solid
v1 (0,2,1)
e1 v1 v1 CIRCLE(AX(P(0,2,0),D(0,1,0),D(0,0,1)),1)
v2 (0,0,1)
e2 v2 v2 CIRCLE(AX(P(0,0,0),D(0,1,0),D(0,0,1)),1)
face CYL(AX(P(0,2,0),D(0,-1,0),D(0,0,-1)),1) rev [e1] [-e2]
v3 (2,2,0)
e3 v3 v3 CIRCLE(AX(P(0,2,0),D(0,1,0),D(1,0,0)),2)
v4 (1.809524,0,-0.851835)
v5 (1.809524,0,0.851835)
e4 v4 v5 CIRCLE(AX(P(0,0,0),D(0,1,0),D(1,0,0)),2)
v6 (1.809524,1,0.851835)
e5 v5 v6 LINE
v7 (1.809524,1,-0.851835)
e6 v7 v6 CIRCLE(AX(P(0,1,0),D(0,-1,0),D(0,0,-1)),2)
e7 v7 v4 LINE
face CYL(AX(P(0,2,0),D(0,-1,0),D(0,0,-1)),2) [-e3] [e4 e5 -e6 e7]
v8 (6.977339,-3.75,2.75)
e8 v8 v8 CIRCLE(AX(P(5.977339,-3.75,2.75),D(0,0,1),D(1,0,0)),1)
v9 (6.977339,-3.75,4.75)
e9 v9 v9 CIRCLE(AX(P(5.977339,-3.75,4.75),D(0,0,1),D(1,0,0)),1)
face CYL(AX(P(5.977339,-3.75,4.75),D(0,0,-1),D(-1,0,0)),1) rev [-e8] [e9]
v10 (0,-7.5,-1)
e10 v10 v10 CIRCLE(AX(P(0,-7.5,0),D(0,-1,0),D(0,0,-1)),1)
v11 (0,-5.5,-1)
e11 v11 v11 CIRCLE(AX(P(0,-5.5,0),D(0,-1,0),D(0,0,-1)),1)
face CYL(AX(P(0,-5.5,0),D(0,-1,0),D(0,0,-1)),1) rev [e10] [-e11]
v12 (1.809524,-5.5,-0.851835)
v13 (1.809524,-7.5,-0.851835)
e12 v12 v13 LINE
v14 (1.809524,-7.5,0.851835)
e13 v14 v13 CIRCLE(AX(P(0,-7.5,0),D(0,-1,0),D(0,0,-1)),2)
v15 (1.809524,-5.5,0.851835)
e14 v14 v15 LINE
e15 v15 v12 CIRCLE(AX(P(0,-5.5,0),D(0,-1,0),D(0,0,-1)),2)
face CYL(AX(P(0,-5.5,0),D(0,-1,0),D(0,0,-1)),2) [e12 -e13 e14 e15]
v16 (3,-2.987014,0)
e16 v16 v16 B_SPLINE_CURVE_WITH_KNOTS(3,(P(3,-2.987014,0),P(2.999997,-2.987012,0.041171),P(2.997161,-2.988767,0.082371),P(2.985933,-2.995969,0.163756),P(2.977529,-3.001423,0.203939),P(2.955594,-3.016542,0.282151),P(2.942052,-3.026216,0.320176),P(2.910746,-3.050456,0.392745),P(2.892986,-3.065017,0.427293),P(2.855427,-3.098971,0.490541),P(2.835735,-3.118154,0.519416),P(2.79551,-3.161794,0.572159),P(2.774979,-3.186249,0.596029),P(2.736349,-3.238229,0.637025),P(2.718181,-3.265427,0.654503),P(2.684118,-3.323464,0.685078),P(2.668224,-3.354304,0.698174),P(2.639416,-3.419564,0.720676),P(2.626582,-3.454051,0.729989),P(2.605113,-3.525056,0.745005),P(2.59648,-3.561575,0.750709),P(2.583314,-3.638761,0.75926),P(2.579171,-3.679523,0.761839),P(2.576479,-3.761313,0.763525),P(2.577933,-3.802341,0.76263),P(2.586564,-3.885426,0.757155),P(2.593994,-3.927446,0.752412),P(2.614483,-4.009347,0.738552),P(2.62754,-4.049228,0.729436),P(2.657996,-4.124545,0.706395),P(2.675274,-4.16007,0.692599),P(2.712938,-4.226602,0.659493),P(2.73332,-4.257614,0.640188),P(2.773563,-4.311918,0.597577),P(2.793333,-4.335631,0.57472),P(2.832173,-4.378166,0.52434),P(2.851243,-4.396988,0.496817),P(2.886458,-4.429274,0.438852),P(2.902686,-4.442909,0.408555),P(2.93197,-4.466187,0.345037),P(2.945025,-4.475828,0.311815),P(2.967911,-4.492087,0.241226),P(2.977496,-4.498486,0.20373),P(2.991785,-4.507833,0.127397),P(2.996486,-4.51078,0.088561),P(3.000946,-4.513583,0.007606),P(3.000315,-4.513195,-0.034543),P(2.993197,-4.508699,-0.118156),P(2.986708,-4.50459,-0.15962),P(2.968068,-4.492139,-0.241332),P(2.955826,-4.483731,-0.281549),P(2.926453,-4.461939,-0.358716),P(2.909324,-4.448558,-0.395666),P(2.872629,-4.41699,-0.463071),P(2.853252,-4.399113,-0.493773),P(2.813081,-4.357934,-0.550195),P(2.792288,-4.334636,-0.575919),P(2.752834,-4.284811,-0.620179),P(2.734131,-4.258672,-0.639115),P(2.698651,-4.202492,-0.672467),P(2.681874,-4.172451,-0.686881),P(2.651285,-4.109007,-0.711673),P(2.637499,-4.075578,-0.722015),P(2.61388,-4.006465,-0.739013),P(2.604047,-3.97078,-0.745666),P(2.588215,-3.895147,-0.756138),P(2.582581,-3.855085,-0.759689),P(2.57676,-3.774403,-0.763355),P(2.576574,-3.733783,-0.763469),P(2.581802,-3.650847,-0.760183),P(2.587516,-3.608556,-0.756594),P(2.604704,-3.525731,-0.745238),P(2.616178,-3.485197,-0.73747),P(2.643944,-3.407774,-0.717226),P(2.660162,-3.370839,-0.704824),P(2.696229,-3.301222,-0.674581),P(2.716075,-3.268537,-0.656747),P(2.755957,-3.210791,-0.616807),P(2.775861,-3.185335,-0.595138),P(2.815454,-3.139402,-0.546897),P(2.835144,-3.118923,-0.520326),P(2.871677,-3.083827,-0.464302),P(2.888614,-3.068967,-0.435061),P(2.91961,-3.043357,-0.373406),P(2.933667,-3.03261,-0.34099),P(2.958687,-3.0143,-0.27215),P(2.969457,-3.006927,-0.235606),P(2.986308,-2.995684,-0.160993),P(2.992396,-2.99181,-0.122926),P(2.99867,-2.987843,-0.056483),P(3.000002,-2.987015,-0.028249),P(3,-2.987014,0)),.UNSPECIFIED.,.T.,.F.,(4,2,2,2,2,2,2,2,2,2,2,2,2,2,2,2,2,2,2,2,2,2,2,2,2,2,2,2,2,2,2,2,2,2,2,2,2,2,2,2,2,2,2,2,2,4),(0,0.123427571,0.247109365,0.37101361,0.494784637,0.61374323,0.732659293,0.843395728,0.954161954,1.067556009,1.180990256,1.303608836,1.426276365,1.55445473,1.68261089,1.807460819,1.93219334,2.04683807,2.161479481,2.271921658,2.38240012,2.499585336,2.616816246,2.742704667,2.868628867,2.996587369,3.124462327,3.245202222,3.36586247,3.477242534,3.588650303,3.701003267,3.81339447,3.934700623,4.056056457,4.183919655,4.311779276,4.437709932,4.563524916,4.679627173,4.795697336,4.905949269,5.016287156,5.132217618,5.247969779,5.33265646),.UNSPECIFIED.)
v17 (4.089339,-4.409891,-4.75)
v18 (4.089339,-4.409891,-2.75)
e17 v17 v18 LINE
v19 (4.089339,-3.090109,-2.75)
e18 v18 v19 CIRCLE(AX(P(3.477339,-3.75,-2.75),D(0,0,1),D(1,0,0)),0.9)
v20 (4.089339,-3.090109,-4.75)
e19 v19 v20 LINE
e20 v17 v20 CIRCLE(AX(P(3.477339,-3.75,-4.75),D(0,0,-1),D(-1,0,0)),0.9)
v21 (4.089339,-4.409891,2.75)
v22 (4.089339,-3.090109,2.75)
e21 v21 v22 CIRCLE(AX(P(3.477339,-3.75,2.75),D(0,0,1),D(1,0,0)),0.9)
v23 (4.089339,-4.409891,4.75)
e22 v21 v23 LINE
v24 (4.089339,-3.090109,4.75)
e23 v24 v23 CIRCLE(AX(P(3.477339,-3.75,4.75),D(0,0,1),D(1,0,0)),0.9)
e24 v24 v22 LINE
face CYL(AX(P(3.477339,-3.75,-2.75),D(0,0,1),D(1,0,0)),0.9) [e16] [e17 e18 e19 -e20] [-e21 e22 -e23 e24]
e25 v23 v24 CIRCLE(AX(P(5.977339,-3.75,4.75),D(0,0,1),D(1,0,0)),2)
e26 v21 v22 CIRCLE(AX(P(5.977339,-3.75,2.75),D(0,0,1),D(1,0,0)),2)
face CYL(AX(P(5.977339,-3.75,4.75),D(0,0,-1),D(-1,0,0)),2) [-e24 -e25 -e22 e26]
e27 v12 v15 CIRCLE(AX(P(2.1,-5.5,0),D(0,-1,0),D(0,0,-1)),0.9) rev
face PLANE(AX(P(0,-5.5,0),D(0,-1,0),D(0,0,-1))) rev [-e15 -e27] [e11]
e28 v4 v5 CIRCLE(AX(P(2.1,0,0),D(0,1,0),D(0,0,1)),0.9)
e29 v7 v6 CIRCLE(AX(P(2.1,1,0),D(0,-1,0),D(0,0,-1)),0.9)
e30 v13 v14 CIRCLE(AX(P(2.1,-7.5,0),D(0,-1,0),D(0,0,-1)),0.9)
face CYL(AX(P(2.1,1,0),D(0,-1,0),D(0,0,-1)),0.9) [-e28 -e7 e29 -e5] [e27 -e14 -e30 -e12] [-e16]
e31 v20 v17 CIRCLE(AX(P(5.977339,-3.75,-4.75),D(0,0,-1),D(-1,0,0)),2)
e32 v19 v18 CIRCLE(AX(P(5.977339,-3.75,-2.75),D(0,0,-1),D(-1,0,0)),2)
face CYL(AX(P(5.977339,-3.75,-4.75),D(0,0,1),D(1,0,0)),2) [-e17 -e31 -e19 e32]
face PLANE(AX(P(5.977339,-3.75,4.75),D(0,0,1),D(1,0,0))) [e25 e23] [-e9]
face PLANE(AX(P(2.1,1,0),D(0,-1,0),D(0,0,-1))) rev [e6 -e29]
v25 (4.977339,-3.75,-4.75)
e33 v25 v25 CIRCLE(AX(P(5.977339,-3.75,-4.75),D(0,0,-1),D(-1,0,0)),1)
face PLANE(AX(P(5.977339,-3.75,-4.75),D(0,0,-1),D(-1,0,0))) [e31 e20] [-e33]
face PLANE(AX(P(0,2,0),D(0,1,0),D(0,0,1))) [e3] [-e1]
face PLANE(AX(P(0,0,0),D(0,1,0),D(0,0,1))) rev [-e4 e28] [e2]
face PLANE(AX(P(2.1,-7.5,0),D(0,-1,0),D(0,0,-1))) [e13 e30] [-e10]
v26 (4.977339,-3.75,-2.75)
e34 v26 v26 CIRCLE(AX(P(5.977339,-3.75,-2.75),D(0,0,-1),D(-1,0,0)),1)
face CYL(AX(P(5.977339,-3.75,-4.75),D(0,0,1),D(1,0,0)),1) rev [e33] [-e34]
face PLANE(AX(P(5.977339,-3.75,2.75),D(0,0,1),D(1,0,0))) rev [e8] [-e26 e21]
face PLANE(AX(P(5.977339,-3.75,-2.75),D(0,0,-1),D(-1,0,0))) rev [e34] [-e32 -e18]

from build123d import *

# Parameters (mm, degrees)
SKETCH_1_R             = 2
SKETCH_1_R_2           = 1
EXTRUDE_1_DEPTH        = 2
EXTRUDE_1_2_DEPTH      = 7.5
EXTRUDE_1_2_DEPTH_BACK = 1
SKETCH_2_R             = 0.9
SKETCH_3_R             = 2
SKETCH_3_R_2           = 1
EXTRUDE_2_DEPTH        = 2
SKETCH_7_R             = 0.5
EXTRUDE_4_DEPTH        = 2
EXTRUDE_7_DEPTH        = 2.75
EXTRUDE_7_DEPTH_BACK   = 2.75
SKETCH_11_R            = 0.9
SKETCH_12_R            = 2
SKETCH_12_R_2          = 1
EXTRUDE_5_DEPTH        = 2
EXTRUDE_START          = 2
SKETCH_13_R            = 2
SKETCH_13_R_2          = 1
EXTRUDE_6_DEPTH        = 2
SKETCH_15_R            = 0.9
EXTRUDE_8_DEPTH        = 2
SKETCH_16_R            = 0.9
EXTRUDE_9_DEPTH        = 2


with BuildPart() as part:
    # 草图1 → Extrude 1 (new body)
    with BuildSketch(Plane(origin=(0, 0, 0), x_dir=(1, 0, 0), z_dir=(0, 1, 0))):
        Circle(SKETCH_1_R)
        Circle(SKETCH_1_R_2, mode=Mode.SUBTRACT)
    extrude(amount=EXTRUDE_1_DEPTH)

    # 草图2 → Extrude 1 2 (add, two sides: drawn at the far end of the back side and taken through both)
    with BuildSketch(Plane.XZ.offset(-EXTRUDE_1_2_DEPTH_BACK)):
        with Locations((2.1, 0)):
            Circle(SKETCH_2_R)
    extrude(amount=EXTRUDE_1_2_DEPTH + EXTRUDE_1_2_DEPTH_BACK)

    # 草图3 → 凸台-拉伸2 (add)
    with BuildSketch(Plane.XZ.offset(7.5)):
        Circle(SKETCH_3_R)
        Circle(SKETCH_3_R_2, mode=Mode.SUBTRACT)
    extrude(amount=-EXTRUDE_2_DEPTH)

    # 草图7 → 凸台-拉伸4 (add)
    with BuildSketch(Plane(origin=(1.877338573, 0, 0), x_dir=(0, 0, -1), z_dir=(1, 0, 0))):
        with Locations((0, -3.75)):
            Circle(SKETCH_7_R)
    extrude(amount=EXTRUDE_4_DEPTH)

    # 草图11 → 凸台-拉伸7 (add, two sides: drawn at the far end of the back side and taken through both)
    with BuildSketch(Plane.XY.offset(-EXTRUDE_7_DEPTH_BACK)):
        with Locations((3.477338573, -3.75)):
            Circle(SKETCH_11_R)
    extrude(amount=EXTRUDE_7_DEPTH + EXTRUDE_7_DEPTH_BACK)

    # 草图12 → 拉伸-薄壁5 (add)
    with BuildSketch(Plane.XY.offset(2.75)):
        with Locations((5.977338573, -3.75)):
            Circle(SKETCH_12_R)
        with Locations((5.977338573, -3.75)):
            Circle(SKETCH_12_R_2, mode=Mode.SUBTRACT)
    extrude(amount=EXTRUDE_5_DEPTH)

    # 草图13 → 拉伸-薄壁6 (add)
    with BuildSketch(Plane(origin=(0, 0, -2.75), x_dir=(-1, 0, 0), z_dir=(0, 0, -1)).offset(EXTRUDE_START)):
        with Locations((-5.977338573, -3.75)):
            Circle(SKETCH_13_R)
        with Locations((-5.977338573, -3.75)):
            Circle(SKETCH_13_R_2, mode=Mode.SUBTRACT)
    extrude(amount=-EXTRUDE_6_DEPTH)

    # 草图15 → 凸台-拉伸8 (add)
    with BuildSketch(Plane(origin=(0, 0, -2.75), x_dir=(-1, 0, 0), z_dir=(0, 0, -1))):
        with Locations((-3.477338573, -3.75)):
            Circle(SKETCH_15_R)
    extrude(amount=EXTRUDE_8_DEPTH)

    # 草图16 → 凸台-拉伸9 (add)
    with BuildSketch(Plane.XY.offset(2.75).offset(EXTRUDE_START)):
        with Locations((3.477338573, -3.75)):
            Circle(SKETCH_16_R)
    extrude(amount=-EXTRUDE_9_DEPTH)


solid = part.part
